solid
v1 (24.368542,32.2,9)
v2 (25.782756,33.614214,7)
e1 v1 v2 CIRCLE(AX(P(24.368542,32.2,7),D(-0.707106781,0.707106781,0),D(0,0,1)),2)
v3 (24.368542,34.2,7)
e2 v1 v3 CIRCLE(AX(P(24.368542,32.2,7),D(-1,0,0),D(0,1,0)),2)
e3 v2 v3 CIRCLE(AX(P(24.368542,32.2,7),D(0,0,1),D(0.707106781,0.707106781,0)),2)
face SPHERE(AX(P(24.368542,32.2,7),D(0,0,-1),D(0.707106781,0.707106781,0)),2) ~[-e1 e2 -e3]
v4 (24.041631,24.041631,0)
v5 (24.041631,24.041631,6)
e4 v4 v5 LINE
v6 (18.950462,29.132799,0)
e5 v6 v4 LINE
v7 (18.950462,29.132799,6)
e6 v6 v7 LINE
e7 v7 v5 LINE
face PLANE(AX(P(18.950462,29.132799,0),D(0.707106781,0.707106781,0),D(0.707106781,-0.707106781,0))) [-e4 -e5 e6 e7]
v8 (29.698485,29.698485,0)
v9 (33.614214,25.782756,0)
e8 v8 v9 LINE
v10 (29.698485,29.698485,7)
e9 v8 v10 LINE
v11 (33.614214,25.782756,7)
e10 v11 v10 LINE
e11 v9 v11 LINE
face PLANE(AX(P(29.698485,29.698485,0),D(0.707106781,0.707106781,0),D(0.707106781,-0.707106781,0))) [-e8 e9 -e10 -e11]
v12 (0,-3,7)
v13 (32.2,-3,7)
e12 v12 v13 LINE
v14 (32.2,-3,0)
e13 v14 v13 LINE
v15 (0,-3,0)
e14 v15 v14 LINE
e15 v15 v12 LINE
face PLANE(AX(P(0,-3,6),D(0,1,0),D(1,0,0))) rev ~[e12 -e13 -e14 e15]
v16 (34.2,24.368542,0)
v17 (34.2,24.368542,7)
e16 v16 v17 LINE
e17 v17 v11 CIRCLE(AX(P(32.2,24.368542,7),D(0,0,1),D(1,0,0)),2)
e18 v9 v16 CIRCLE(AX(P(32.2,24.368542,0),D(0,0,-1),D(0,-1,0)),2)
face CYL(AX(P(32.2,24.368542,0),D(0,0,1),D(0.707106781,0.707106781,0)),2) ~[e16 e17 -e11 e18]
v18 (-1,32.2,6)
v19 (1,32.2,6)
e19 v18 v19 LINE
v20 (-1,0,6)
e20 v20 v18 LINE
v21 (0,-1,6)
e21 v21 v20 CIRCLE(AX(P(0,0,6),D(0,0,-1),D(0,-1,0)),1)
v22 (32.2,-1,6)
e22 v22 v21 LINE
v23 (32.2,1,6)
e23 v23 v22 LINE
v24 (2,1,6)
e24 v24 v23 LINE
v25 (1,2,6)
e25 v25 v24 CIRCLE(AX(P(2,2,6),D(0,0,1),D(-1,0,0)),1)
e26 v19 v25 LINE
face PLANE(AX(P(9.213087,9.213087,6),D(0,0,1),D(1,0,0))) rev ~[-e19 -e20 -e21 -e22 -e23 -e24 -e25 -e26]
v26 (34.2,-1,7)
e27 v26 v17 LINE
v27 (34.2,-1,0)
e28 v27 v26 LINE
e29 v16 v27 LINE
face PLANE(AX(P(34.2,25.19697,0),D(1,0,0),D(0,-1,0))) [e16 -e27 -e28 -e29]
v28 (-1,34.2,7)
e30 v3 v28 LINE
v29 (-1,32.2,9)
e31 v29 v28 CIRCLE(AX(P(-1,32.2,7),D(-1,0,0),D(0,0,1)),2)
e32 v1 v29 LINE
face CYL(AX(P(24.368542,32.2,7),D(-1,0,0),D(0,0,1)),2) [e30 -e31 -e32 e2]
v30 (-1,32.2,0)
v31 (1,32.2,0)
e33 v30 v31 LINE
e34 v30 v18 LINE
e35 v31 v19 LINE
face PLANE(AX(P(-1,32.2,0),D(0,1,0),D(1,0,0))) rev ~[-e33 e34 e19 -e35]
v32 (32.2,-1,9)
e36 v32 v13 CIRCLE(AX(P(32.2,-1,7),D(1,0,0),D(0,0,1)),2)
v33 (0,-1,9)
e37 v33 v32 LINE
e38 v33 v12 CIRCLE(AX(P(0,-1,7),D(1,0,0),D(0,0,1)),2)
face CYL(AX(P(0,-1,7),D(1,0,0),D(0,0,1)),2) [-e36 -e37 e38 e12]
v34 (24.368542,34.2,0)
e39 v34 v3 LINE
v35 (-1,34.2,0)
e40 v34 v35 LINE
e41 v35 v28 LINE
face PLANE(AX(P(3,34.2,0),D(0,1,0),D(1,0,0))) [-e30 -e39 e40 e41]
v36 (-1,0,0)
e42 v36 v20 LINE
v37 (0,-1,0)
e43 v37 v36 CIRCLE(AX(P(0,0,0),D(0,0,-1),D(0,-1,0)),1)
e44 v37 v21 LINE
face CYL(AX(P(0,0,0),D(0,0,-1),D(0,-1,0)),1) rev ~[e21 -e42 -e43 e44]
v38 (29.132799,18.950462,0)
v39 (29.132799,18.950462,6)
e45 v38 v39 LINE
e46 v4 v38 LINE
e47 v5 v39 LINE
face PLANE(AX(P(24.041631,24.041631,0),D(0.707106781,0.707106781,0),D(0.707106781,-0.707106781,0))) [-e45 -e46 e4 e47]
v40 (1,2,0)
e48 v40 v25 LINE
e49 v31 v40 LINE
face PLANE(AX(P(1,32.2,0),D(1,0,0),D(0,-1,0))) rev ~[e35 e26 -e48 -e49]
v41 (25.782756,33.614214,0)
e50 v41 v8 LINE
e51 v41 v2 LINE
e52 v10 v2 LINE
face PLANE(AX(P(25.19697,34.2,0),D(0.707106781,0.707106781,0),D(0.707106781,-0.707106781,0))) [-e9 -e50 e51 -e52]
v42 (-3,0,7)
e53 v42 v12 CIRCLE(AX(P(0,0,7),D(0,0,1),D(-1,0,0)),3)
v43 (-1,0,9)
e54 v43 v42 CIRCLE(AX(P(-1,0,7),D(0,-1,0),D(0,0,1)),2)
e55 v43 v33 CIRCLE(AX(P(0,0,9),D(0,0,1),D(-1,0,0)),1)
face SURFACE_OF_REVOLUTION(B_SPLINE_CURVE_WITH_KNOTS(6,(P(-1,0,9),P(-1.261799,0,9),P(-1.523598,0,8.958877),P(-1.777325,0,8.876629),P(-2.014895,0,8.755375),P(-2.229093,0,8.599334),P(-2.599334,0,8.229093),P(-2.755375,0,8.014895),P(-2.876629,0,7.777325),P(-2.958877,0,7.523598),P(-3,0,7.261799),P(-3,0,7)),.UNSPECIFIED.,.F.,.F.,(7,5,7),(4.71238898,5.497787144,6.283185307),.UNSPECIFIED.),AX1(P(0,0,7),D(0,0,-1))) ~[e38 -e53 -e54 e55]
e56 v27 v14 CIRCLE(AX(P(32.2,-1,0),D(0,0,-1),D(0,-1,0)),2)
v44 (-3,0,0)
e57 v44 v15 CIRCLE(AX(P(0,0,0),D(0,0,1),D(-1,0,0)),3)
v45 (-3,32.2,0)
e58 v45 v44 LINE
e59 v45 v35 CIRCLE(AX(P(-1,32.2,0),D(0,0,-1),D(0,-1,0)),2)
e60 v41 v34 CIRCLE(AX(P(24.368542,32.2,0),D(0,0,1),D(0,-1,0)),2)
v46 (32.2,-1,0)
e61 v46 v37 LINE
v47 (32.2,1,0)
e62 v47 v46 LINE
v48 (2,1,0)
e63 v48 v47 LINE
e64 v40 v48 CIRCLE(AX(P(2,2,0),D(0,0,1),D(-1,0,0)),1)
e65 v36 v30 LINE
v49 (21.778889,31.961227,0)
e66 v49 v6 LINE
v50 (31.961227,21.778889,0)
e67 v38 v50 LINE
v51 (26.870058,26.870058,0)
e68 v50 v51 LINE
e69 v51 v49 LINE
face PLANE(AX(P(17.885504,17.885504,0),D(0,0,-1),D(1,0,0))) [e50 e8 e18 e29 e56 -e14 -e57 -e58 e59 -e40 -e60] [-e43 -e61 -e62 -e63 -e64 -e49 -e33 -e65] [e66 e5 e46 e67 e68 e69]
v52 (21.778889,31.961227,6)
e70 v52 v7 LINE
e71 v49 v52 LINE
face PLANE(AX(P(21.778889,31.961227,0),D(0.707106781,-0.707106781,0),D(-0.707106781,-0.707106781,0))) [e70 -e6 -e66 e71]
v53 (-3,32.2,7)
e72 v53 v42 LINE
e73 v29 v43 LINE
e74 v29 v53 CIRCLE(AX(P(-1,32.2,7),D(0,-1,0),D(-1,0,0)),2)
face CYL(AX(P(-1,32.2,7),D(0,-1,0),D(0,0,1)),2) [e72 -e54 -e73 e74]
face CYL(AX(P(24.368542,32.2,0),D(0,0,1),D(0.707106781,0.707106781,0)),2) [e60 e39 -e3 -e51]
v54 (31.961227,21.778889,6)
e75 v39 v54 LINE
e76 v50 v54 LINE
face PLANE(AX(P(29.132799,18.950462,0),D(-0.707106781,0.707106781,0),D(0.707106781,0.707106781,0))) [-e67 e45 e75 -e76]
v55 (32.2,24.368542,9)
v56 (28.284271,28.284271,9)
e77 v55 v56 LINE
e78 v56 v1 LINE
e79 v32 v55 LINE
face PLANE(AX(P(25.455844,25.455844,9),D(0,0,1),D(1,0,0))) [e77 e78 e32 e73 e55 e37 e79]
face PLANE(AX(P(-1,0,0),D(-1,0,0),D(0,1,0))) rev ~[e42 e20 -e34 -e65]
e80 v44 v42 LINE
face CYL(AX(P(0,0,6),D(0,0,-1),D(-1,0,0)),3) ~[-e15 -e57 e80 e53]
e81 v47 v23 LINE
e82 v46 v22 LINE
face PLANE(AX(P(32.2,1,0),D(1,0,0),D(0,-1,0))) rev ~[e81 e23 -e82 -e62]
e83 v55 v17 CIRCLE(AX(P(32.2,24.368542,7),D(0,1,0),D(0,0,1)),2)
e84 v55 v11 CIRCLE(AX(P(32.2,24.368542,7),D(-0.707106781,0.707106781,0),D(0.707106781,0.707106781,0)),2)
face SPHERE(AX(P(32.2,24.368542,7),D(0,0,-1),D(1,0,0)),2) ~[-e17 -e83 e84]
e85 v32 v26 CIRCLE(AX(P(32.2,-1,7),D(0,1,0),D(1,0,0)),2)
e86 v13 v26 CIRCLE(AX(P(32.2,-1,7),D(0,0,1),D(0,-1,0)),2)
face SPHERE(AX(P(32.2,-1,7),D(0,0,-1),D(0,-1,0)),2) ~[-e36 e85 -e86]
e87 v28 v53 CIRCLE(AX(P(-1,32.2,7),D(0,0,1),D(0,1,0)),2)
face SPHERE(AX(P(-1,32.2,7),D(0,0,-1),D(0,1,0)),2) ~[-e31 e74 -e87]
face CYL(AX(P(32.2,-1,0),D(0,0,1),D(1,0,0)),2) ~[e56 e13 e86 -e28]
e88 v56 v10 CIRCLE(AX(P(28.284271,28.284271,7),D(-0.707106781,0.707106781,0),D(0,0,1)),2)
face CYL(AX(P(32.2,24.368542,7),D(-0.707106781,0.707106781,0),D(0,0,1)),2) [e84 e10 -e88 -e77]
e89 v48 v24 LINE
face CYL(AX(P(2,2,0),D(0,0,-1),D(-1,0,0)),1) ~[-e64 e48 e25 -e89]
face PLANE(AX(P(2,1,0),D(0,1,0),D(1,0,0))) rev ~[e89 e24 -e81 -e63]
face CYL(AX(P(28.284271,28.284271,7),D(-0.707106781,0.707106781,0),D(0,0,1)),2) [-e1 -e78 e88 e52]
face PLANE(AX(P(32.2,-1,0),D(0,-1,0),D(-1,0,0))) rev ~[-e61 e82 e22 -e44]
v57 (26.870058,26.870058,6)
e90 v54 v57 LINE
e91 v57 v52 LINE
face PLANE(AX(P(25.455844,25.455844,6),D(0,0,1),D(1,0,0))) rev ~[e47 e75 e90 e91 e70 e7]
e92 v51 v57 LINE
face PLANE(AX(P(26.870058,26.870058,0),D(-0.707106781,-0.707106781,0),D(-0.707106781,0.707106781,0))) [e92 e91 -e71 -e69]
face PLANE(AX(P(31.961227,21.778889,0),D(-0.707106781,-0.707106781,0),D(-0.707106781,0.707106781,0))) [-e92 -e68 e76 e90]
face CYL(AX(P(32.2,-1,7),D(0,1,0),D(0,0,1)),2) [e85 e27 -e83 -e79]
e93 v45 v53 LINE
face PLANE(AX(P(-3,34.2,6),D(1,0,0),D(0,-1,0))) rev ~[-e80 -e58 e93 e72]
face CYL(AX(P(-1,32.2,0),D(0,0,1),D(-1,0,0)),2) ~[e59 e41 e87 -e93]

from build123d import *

# Parameters (mm, degrees)
F1_DEPTH = 6
F3_DEPTH = 3
F5_DEPTH = 9
F7_DEPTH = 3
F8_R     = 2
F9_R     = 2


with BuildPart() as f1:
    # F0 (on Top) → F1 (new body)
    with BuildSketch(Plane.XY):
        with BuildLine():
            Line((-3, 34.2), (-3, 0))
            ThreePointArc((-3, 0), (-2.1213203436, -2.1213203436), (0, -3))
            Line((0, -3), (34.2, -3))
            Line((34.2, -3), (34.2, 3))
            Line((34.2, 3), (5, 3))
            ThreePointArc((5, 3), (3.5857864376, 3.5857864376), (3, 5))
            Line((3, 5), (3, 34.2))
            Line((3, 34.2), (-3, 34.2))
        make_face()
        with BuildLine():
            Line((1, 32.2), (1, 2))
            ThreePointArc((1, 2), (1.2928932188, 1.2928932188), (2, 1))
            Line((2, 1), (32.2, 1))
            Line((32.2, 1), (32.2, -1))
            Line((32.2, -1), (0, -1))
            ThreePointArc((0, -1), (-0.7071067812, -0.7071067812), (-1, 0))
            Line((-1, 0), (-1, 32.2))
            Line((-1, 32.2), (1, 32.2))
        make_face(mode=Mode.SUBTRACT)
    extrude(amount=F1_DEPTH)

    # F2 (on face) → F3 (join)
    with BuildSketch(Plane.XY.offset(6)):
        with BuildLine():
            Line((3, 34.2), (-3, 34.2))
            Line((-3, 34.2), (-3, 0))
            ThreePointArc((-3, 0), (-2.1213203436, -2.1213203436), (0, -3))
            Line((0, -3), (34.2, -3))
            Line((34.2, -3), (34.2, 3))
            Line((34.2, 3), (5, 3))
            ThreePointArc((5, 3), (3.5857864376, 3.5857864376), (3, 5))
            Line((3, 5), (3, 34.2))
        make_face()
        with BuildLine():
            ThreePointArc((0, -1), (-0.7071067812, -0.7071067812), (-1, 0))
            Line((-1, 0), (-1, 32.2))
            Line((-1, 32.2), (1, 32.2))
            Line((1, 32.2), (1, 2))
            ThreePointArc((1, 2), (1.2928932188, 1.2928932188), (2, 1))
            Line((2, 1), (32.2, 1))
            Line((32.2, 1), (32.2, -1))
            Line((32.2, -1), (0, -1))
        make_face(mode=Mode.SUBTRACT)
        with BuildLine():
            Line((3, 34.2), (-3, 34.2))
            Line((-3, 34.2), (-3, 0))
            ThreePointArc((-3, 0), (-2.1213203436, -2.1213203436), (0, -3))
            Line((0, -3), (34.2, -3))
            Line((34.2, -3), (34.2, 3))
            Line((34.2, 3), (5, 3))
            ThreePointArc((5, 3), (3.5857864376, 3.5857864376), (3, 5))
            Line((3, 5), (3, 34.2))
        make_face()
        with BuildLine():
            Line((-1, 32.2), (-1, 0))
            ThreePointArc((-1, 0), (-0.7071067812, -0.7071067812), (0, -1))
            Line((0, -1), (32.2, -1))
            Line((32.2, -1), (32.2, 1))
            Line((32.2, 1), (2, 1))
            ThreePointArc((2, 1), (1.2928932188, 1.2928932188), (1, 2))
            Line((1, 2), (1, 32.2))
            Line((1, 32.2), (-1, 32.2))
        make_face()
    extrude(amount=F3_DEPTH)

    # F4 (on face) → F5 (join, through all)
    with BuildSketch(Plane(origin=(0, 0, 0), x_dir=(1, 0, 0), z_dir=(0, 0, -1))):
        with BuildLine():
            Line((3, -5), (3, -34.2))
            Line((3, -34.2), (25.1969696197, -34.2))
            Line((25.1969696197, -34.2), (29.6984848098, -29.6984848098))
            Line((29.6984848098, -29.6984848098), (34.2, -25.1969696197))
            Line((34.2, -25.1969696197), (34.2, -3))
            Line((34.2, -3), (5, -3))
            ThreePointArc((5, -3), (3.5857864376, -3.5857864376), (3, -5))
        make_face()
        Polygon((18.9504617358, -29.1327993849), (24.0416305603, -24.0416305603), (29.1327993849, -18.9504617358), (31.9612265096, -21.7788888605), (26.8700576851, -26.8700576851), (21.7788888605, -31.9612265096), align=None, mode=Mode.SUBTRACT)
    extrude(amount=-F5_DEPTH)

    # F6 (on face) → F7 (join)
    with BuildSketch(Plane.XY.offset(9)):
        Polygon((18.9504617358, 29.1327993849), (29.1327993849, 18.9504617358), (31.9612265096, 21.7788888605), (21.7788888605, 31.9612265096), align=None)
    extrude(amount=-F7_DEPTH)

    # F8
    f8_edges = [f1.edges().sort_by_distance(p)[0] for p in [
        (34.2, -3, 4.5),
        (34.2, 25.19697, 4.5),
        (25.19697, 34.2, 4.5),
        (-3, 34.2, 4.5),
    ]]
    fillet(f8_edges, radius=F8_R)

    # F9
    f9_edges = [f1.edges().sort_by_distance(p)[0] for p in [
        (16.1, -3, 9),
        (33.614214, -2.414214, 9),
        (-2.12132, -2.12132, 9),
        (34.2, 11.684271, 9),
        (-3, 16.1, 9),
        (34.047759, 25.133909, 9),
        (-2.414214, 33.614214, 9),
        (29.698485, 29.698485, 9),
        (11.684271, 34.2, 9),
        (25.133909, 34.047759, 9),
    ]]
    fillet(f9_edges, radius=F9_R)


solid = f1.part
